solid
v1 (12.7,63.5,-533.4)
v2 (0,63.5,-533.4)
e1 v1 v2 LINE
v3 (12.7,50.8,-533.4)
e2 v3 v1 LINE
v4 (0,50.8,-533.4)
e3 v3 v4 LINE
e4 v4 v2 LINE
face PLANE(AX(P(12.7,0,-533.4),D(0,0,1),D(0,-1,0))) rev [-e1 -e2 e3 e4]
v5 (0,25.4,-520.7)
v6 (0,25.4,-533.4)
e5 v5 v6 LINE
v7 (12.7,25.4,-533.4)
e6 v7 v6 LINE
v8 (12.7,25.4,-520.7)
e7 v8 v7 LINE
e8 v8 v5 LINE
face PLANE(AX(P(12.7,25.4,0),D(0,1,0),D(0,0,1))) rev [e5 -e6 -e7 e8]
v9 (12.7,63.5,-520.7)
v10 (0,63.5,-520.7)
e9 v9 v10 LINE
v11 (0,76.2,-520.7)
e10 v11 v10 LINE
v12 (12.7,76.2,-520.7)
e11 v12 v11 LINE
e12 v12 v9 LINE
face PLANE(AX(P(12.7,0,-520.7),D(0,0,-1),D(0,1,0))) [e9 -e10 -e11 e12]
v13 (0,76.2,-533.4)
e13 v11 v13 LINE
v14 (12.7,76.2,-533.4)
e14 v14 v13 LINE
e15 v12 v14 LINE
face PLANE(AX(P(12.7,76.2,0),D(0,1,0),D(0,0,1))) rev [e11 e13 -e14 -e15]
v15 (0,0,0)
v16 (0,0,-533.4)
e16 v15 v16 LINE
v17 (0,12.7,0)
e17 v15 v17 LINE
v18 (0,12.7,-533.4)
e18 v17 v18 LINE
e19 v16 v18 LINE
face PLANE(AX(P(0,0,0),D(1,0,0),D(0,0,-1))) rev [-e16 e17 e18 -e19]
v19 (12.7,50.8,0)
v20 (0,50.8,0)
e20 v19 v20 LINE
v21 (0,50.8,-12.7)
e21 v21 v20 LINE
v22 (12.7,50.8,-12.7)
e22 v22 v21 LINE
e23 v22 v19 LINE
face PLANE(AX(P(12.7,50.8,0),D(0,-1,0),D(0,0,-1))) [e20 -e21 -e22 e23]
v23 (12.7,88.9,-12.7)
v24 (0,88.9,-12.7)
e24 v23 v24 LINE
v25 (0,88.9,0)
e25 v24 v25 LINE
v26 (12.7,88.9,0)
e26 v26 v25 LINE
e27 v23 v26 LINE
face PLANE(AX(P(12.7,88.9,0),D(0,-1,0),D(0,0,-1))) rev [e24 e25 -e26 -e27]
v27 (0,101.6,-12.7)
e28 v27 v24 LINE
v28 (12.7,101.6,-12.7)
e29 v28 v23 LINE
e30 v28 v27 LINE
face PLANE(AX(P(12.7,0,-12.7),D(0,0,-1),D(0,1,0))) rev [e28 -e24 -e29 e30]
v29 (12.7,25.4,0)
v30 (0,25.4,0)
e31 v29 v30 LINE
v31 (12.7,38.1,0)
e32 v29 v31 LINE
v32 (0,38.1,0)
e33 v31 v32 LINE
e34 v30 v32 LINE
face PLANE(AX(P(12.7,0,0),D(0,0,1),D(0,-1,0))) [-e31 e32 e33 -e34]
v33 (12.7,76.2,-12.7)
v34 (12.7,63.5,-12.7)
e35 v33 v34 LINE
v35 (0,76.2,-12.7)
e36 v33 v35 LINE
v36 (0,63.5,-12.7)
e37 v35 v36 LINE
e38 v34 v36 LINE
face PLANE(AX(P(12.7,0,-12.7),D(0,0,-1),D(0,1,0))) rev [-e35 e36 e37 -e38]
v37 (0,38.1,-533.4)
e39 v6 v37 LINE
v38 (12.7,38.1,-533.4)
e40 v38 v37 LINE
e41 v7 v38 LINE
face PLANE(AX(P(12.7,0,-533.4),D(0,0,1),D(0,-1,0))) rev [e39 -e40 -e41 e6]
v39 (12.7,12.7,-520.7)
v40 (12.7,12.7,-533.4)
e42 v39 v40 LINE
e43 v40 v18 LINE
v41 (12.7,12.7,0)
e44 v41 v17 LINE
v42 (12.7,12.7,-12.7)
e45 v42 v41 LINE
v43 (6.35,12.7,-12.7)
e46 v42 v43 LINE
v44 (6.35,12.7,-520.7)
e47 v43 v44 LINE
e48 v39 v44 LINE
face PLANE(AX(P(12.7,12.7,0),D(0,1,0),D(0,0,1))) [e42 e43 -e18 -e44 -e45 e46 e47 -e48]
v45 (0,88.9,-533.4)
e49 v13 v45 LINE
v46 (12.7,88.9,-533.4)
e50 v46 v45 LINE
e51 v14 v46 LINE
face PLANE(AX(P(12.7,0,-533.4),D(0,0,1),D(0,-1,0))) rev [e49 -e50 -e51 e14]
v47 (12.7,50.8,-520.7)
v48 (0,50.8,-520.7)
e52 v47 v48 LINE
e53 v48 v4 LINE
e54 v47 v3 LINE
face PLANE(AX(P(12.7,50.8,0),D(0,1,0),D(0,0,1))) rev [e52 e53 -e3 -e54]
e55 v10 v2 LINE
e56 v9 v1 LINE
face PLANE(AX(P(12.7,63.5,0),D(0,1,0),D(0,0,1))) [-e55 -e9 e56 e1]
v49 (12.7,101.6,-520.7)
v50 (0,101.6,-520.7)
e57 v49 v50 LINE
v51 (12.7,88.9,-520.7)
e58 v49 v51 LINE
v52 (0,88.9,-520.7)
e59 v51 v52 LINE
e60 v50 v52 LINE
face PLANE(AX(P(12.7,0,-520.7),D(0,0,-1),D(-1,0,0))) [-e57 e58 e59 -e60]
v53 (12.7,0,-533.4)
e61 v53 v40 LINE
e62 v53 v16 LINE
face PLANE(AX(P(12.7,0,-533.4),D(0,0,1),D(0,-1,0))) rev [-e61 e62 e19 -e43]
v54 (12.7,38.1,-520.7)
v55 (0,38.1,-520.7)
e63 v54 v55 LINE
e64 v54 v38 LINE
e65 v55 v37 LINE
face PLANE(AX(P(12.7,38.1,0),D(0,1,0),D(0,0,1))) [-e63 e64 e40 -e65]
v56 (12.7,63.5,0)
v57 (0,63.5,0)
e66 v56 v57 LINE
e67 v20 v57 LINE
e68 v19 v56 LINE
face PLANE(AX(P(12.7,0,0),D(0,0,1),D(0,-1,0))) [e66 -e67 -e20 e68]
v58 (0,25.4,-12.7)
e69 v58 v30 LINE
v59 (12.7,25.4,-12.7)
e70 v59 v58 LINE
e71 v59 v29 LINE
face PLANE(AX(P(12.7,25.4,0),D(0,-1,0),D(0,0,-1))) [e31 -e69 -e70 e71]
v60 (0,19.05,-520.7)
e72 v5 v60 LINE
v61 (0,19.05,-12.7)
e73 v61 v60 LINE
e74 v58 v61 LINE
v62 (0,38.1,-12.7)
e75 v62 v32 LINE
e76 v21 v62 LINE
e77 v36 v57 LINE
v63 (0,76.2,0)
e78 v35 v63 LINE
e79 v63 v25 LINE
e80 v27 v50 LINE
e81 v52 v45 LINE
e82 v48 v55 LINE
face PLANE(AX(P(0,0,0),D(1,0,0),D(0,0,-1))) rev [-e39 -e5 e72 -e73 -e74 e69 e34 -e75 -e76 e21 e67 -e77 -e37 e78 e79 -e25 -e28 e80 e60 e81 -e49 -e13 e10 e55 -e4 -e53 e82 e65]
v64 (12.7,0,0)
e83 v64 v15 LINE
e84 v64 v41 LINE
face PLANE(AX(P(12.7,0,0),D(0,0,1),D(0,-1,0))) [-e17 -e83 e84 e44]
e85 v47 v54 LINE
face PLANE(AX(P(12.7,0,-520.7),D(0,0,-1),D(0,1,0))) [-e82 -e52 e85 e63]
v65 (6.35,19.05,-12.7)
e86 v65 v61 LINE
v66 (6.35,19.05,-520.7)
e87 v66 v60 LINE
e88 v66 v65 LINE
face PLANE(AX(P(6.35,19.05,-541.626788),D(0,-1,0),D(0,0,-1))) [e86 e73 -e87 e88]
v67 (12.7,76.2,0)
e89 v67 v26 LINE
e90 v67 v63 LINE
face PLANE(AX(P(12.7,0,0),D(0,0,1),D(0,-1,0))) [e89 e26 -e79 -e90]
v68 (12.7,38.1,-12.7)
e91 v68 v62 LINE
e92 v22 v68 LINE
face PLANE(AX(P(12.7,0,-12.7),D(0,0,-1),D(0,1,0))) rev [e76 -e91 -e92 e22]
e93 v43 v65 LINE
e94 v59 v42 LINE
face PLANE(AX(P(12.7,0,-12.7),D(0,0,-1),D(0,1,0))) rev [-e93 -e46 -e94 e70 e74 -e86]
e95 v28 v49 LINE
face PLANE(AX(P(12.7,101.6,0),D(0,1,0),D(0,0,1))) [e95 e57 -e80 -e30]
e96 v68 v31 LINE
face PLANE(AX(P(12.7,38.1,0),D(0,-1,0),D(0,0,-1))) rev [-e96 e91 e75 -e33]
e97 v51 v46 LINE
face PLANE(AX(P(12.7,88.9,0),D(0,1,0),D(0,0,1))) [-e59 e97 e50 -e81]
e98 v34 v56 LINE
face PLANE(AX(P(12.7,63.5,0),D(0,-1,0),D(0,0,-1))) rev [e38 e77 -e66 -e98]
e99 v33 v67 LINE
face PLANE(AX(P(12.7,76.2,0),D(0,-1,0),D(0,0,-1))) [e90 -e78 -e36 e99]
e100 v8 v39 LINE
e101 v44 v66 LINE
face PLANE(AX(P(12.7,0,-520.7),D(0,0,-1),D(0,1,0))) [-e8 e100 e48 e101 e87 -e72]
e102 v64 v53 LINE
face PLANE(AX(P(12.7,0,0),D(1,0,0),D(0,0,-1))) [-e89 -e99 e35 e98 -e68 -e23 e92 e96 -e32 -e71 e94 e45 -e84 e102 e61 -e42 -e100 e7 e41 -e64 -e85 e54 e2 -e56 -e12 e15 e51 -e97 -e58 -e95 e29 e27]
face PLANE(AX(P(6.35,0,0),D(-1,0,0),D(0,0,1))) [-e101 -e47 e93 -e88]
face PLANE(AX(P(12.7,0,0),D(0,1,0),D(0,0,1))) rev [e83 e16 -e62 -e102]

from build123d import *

# Parameters (mm, degrees)
BOSS_EXTRUDE1_DEPTH = 12.7
SKETCH2_W           = 557.099300044
SKETCH2_H           = 6.35
CUT_EXTRUDE1_DEPTH  = 6.35


with BuildPart() as part:
    # Sketch1 → Boss-Extrude1 (new body)
    with BuildSketch(Plane(origin=(0, 0, 0), x_dir=(0, 0, -1), z_dir=(1, 0, 0))):
        Polygon((520.7, 25.4), (533.4, 25.4), (533.4, 38.1), (520.7, 38.1), (520.7, 50.8), (533.4, 50.8), (533.4, 63.5), (520.7, 63.5), (520.7, 76.2), (533.4, 76.2), (533.4, 88.9), (520.7, 88.9), (520.7, 101.6), (12.7, 101.6), (12.7, 88.9), (0, 88.9), (0, 76.2), (12.7, 76.2), (12.7, 63.5), (0, 63.5), (0, 50.8), (12.7, 50.8), (12.7, 38.1), (0, 38.1), (0, 25.4), (12.7, 25.4), (12.7, 12.7), (0, 12.7), (0, 0), (533.4, 0), (533.4, 12.7), (520.7, 12.7), align=None)
    extrude(amount=BOSS_EXTRUDE1_DEPTH)

    # Sketch2 → Cut-Extrude1 (cut)
    with BuildSketch(Plane(origin=(0, 0, 0), x_dir=(0, 0, -1), z_dir=(1, 0, 0))):
        with Locations((263.077138041, 15.875)):
            Rectangle(SKETCH2_W, SKETCH2_H)
    extrude(amount=CUT_EXTRUDE1_DEPTH, mode=Mode.SUBTRACT)


solid = part.part
